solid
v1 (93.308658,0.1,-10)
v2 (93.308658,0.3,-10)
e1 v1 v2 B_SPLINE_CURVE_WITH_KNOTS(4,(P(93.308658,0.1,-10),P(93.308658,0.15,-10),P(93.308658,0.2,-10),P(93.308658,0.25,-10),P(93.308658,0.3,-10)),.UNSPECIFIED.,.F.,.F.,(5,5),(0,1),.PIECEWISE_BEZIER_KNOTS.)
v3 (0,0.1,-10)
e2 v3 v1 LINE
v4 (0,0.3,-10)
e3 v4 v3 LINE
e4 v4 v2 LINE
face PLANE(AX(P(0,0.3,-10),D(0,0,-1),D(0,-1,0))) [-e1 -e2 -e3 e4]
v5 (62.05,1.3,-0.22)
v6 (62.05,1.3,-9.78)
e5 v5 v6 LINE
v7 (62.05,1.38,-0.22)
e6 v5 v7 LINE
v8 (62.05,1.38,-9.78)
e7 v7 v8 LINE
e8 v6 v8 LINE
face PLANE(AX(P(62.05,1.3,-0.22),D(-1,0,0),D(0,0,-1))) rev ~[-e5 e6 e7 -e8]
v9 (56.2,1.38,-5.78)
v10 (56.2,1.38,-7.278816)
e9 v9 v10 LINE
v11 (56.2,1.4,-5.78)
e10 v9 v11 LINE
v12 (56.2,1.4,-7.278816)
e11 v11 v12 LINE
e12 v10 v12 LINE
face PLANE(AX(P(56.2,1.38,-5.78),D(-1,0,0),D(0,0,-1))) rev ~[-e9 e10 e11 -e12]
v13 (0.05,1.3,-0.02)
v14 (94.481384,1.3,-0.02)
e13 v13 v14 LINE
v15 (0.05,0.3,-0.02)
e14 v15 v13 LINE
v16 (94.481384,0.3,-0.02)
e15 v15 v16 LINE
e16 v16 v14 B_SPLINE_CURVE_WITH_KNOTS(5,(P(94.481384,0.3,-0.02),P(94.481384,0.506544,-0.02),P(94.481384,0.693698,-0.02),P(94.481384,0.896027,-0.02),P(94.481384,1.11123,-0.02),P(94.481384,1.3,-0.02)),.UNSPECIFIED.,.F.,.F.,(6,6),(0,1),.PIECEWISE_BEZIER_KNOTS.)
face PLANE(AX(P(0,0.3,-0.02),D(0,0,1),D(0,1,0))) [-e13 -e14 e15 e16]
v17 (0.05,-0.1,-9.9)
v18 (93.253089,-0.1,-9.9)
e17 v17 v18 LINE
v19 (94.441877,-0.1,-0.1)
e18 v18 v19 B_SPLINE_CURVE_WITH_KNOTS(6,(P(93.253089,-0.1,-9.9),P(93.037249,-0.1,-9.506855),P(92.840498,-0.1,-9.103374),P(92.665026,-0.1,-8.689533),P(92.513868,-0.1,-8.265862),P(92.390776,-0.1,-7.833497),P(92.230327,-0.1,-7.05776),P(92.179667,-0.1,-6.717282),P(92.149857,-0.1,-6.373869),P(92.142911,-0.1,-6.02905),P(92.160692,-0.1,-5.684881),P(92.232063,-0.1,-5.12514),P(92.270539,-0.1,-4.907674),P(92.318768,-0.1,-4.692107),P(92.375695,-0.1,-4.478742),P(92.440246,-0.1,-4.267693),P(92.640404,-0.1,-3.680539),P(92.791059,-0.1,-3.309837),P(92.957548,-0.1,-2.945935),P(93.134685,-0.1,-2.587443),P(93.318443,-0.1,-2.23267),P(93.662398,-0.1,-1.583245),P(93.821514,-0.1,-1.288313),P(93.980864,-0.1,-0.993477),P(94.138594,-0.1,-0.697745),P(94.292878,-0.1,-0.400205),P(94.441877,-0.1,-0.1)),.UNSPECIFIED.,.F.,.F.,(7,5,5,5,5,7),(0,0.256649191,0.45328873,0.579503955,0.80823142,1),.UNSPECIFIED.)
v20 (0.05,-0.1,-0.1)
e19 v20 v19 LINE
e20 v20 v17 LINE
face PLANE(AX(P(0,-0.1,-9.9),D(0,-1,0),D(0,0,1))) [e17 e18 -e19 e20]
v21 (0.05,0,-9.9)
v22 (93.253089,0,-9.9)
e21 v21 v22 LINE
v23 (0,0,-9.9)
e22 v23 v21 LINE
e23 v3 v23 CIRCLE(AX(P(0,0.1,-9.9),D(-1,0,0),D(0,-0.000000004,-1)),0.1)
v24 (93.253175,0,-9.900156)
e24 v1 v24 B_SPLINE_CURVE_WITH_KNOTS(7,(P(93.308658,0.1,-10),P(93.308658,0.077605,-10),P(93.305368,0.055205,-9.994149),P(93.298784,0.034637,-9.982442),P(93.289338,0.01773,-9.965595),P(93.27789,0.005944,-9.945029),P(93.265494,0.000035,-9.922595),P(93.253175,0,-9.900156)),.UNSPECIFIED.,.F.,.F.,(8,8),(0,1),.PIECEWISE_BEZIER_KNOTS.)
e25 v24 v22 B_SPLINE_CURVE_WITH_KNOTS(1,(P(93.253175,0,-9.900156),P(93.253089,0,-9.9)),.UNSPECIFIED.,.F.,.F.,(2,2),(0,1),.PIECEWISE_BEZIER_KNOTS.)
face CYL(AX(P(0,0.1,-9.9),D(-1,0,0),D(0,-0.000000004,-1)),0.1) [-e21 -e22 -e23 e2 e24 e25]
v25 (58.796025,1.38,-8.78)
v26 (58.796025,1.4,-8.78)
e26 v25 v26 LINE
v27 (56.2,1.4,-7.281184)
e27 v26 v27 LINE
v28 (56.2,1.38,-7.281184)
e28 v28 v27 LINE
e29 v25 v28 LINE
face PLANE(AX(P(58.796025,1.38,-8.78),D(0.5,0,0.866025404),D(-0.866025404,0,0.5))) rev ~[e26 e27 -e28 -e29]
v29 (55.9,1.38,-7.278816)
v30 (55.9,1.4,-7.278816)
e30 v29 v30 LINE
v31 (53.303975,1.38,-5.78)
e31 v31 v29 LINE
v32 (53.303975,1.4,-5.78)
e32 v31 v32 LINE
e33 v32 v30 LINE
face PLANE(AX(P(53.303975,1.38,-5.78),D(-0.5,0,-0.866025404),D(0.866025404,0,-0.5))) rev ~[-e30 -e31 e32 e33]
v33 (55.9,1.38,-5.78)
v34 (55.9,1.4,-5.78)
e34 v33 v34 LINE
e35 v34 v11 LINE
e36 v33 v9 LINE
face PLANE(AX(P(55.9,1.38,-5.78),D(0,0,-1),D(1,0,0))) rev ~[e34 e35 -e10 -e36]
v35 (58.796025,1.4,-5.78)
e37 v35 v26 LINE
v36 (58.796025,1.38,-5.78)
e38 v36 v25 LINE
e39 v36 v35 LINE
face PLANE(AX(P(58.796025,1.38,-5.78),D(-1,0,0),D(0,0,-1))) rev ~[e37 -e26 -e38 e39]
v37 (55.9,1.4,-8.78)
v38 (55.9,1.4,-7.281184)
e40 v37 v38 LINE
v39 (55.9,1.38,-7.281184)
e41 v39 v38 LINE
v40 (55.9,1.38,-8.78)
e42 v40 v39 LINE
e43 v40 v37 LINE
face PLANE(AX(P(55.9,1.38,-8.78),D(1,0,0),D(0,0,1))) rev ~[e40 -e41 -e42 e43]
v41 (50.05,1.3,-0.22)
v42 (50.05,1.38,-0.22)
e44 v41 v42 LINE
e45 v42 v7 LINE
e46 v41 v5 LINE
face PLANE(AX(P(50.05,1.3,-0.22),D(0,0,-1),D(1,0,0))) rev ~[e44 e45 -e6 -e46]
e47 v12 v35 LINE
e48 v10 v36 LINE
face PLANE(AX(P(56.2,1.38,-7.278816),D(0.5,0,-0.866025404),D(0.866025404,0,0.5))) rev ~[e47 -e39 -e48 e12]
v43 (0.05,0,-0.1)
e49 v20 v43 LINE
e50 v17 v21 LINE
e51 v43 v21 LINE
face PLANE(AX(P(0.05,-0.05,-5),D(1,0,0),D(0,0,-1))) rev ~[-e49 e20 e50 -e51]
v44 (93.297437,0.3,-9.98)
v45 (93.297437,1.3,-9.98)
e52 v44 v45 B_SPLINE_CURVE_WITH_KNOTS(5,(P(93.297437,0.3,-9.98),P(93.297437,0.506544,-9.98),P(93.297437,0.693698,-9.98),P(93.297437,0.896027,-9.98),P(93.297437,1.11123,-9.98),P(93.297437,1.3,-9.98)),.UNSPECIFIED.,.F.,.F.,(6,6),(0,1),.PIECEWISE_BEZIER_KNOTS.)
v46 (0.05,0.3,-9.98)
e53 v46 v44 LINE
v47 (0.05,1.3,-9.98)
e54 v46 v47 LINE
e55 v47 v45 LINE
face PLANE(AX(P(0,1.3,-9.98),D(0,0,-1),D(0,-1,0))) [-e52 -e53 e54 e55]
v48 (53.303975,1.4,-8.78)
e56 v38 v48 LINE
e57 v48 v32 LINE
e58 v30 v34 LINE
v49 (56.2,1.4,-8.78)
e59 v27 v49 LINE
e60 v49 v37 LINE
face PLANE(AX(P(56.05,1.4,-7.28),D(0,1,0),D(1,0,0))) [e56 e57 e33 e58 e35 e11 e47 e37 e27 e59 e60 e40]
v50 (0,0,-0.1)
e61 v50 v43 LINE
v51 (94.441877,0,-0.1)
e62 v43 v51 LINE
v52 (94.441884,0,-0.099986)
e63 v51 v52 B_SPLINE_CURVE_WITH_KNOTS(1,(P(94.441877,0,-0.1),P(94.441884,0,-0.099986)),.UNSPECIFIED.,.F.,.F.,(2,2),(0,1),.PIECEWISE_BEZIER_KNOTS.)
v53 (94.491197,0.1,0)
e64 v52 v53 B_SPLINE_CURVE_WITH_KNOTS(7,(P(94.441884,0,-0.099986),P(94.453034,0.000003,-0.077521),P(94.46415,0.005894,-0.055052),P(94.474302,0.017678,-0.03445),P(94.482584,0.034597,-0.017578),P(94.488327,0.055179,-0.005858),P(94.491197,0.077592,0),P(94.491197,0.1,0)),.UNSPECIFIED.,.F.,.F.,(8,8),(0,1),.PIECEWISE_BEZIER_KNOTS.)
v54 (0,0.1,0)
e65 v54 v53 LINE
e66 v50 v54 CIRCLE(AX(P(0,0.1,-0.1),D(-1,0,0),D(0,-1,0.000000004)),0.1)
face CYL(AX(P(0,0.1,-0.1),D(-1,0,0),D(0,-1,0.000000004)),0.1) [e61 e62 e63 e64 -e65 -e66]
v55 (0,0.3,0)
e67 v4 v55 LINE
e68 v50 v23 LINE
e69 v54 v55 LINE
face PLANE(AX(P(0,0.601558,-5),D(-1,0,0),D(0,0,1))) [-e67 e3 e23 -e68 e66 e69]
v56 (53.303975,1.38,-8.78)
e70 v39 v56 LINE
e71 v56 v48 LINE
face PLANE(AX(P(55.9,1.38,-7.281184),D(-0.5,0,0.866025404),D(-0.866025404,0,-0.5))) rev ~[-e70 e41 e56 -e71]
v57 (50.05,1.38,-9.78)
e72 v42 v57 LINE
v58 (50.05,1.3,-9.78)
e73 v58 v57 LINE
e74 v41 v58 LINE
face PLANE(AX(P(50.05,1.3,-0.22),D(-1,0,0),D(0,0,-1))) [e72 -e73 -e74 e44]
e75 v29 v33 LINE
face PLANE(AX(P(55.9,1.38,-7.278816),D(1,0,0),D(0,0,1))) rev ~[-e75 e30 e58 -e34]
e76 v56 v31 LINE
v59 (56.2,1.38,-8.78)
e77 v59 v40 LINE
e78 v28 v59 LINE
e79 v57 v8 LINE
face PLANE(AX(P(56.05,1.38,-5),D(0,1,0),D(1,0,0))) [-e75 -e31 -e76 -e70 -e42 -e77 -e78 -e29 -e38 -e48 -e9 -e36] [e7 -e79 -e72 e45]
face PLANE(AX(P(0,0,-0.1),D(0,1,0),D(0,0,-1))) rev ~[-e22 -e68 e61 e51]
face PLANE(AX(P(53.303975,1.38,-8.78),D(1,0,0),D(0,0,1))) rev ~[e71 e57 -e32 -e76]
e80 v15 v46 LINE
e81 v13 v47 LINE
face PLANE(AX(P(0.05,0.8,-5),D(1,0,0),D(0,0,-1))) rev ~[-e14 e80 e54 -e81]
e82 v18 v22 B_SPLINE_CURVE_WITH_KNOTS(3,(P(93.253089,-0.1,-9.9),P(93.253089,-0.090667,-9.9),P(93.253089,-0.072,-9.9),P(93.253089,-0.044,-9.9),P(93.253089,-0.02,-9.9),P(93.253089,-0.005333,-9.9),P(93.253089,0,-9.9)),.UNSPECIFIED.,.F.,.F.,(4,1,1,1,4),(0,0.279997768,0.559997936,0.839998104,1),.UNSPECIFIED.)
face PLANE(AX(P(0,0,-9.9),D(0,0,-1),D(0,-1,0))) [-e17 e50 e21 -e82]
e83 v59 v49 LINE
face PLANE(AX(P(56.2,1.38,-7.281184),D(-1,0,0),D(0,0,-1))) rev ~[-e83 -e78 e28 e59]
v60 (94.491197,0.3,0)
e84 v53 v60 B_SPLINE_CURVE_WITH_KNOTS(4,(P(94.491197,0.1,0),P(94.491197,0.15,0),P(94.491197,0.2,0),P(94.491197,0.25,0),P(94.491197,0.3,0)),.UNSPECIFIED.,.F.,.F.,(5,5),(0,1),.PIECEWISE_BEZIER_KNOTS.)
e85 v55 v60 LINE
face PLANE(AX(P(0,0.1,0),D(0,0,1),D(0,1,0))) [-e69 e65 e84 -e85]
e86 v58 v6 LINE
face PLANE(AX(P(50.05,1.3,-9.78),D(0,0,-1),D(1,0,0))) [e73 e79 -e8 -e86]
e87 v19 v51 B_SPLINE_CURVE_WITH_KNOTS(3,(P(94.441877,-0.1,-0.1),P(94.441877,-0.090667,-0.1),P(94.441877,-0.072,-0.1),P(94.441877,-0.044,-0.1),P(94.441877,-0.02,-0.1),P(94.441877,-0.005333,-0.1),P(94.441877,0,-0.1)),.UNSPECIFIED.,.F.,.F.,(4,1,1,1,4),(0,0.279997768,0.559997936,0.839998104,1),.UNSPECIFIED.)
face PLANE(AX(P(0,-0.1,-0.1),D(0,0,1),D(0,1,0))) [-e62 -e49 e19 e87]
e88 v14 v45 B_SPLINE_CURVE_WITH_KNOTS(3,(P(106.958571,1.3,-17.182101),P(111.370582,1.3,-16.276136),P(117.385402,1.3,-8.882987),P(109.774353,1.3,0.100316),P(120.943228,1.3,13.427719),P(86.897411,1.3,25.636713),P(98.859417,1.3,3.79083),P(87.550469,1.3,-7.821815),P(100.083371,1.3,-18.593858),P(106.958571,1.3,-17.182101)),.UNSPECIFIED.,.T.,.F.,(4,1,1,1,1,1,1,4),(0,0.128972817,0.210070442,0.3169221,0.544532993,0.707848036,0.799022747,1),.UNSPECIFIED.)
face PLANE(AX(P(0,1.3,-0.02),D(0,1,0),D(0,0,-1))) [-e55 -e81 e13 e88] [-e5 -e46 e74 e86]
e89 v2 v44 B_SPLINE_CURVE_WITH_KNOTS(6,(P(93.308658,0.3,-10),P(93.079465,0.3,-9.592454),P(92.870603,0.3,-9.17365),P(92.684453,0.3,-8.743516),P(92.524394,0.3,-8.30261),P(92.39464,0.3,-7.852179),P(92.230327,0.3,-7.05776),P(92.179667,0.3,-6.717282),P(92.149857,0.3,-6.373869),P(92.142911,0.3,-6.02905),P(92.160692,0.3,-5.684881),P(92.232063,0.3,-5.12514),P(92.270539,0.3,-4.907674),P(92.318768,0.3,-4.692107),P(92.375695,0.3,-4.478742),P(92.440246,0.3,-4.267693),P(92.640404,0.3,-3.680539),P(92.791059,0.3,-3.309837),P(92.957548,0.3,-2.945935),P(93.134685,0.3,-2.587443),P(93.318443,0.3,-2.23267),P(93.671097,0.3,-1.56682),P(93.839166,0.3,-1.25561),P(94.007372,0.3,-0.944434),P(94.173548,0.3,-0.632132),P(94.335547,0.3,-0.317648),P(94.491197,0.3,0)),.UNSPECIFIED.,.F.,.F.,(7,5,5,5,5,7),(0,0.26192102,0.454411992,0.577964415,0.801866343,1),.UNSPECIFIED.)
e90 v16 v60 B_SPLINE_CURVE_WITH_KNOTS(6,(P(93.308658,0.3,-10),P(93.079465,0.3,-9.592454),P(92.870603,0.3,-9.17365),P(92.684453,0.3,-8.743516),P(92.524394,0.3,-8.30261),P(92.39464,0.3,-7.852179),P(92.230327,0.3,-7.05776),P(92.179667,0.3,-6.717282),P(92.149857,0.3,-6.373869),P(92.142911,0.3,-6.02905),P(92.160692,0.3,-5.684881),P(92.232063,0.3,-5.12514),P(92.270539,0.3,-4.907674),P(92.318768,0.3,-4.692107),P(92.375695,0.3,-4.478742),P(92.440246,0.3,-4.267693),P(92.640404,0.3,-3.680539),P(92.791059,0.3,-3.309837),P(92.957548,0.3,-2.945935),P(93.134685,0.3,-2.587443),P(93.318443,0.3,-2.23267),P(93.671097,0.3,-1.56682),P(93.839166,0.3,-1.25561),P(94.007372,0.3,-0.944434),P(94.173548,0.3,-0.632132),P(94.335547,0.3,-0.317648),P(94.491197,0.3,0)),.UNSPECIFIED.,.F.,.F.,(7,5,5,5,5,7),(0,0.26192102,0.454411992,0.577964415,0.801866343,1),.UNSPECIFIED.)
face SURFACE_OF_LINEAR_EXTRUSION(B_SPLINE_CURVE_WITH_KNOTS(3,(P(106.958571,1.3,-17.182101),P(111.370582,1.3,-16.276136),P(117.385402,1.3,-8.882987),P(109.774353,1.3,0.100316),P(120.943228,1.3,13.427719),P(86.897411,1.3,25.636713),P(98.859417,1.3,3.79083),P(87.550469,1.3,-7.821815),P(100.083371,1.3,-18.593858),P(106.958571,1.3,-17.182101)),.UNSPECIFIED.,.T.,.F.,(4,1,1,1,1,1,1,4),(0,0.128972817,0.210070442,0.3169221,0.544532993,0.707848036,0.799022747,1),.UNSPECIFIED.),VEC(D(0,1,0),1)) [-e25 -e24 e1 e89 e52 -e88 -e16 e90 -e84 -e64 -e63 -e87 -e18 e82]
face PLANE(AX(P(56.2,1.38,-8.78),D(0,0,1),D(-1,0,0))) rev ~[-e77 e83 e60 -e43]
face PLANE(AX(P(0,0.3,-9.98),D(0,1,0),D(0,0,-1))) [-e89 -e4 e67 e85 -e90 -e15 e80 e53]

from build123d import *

# Parameters (mm, degrees)
EXTRUDE1_DEPTH = 100
SKETCH2_W      = 9.96
SKETCH2_H      = 1
SKETCH2_W_2    = 9.8
SKETCH2_H_2    = 0.1
EXTRUDE2_DEPTH = 0.05
EXTRUDE3_DEPTH = 2
SKETCH4_W      = 12
SKETCH4_H      = 9.559999993
EXTRUDE4_DEPTH = 0.08
EXTRUDE5_DEPTH = 0.02


with BuildPart() as part:
    # Sketch1 → Extrude1 (new body)
    with BuildSketch(Plane(origin=(0, 0, 0), x_dir=(0, 0, -1), z_dir=(1, 0, 0))):
        with BuildLine():
            Line((9.98, 0.3), (10, 0.3))
            Line((10, 0.3), (10, 0.1))
            ThreePointArc((10, 0.1), (9.970710678, 0.029289322), (9.9, 0))
            Line((9.9, 0), (9.9, -0.1))
            Line((9.9, -0.1), (0.1, -0.1))
            Line((0.1, -0.1), (0.1, 0))
            ThreePointArc((0.1, 0), (0.029289322, 0.029289322), (0, 0.1))
            Line((0, 0.1), (0, 0.3))
            Line((0, 0.3), (0.02, 0.3))
            Line((0.02, 0.3), (0.02, 1.3))
            Line((0.02, 1.3), (9.98, 1.3))
            Line((9.98, 1.3), (9.98, 0.3))
        make_face()
    extrude(amount=EXTRUDE1_DEPTH)

    # Sketch2 → Extrude2 (cut)
    with BuildSketch(Plane(origin=(0, 0, 0), x_dir=(0, 0, -1), z_dir=(1, 0, 0))):
        with Locations((5, 0.8)):
            Rectangle(SKETCH2_W, SKETCH2_H)
        with Locations((5, -0.05)):
            Rectangle(SKETCH2_W_2, SKETCH2_H_2)
    extrude(amount=EXTRUDE2_DEPTH, mode=Mode.SUBTRACT)

    # Sketch3 → Extrude3 (cut)
    with BuildSketch(Plane(origin=(0, 1.3, 0), x_dir=(1, 0, 0), z_dir=(0, 1, 0))):
        with BuildLine():
            add(Edge.make_bspline(
                [(106.958570584, 17.182100949), (111.37058159, 16.276136115), (117.385402068, 8.882986689), (109.774353113, -0.100316481), (120.943228088, -13.427718663), (86.89741128, -25.636712544), (98.859416736, -3.790829743), (87.550468543, 7.821814957), (100.083371056, 18.593858308), (106.958570584, 17.182100949)],
                knots=[0, 0, 0, 0, 0.128972817, 0.210070442, 0.3169221, 0.544532993, 0.707848036, 0.799022747, 1, 1, 1, 1], degree=3))
        make_face()
    extrude(amount=-EXTRUDE3_DEPTH, mode=Mode.SUBTRACT)

    # Sketch4 → Extrude4 (add)
    with BuildSketch(Plane(origin=(0, 1.3, 0), x_dir=(1, 0, 0), z_dir=(0, 1, 0))):
        with Locations((56.05, 5.000000004)):
            Rectangle(SKETCH4_W, SKETCH4_H)
    extrude(amount=EXTRUDE4_DEPTH)

    # Sketch5 → Extrude5 (add)
    with BuildSketch(Plane(origin=(0, 1.38, 0), x_dir=(1, 0, 0), z_dir=(0, 1, 0))):
        Polygon((55.9, 7.281184034), (53.303974596, 8.78), (53.303974596, 5.78), (55.9, 7.278815966), (55.9, 5.78), (56.2, 5.78), (56.2, 7.278815966), (58.796025404, 5.78), (58.796025404, 8.78), (56.2, 7.281184034), (56.2, 8.78), (55.9, 8.78), align=None)
    extrude(amount=EXTRUDE5_DEPTH)


solid = part.part
